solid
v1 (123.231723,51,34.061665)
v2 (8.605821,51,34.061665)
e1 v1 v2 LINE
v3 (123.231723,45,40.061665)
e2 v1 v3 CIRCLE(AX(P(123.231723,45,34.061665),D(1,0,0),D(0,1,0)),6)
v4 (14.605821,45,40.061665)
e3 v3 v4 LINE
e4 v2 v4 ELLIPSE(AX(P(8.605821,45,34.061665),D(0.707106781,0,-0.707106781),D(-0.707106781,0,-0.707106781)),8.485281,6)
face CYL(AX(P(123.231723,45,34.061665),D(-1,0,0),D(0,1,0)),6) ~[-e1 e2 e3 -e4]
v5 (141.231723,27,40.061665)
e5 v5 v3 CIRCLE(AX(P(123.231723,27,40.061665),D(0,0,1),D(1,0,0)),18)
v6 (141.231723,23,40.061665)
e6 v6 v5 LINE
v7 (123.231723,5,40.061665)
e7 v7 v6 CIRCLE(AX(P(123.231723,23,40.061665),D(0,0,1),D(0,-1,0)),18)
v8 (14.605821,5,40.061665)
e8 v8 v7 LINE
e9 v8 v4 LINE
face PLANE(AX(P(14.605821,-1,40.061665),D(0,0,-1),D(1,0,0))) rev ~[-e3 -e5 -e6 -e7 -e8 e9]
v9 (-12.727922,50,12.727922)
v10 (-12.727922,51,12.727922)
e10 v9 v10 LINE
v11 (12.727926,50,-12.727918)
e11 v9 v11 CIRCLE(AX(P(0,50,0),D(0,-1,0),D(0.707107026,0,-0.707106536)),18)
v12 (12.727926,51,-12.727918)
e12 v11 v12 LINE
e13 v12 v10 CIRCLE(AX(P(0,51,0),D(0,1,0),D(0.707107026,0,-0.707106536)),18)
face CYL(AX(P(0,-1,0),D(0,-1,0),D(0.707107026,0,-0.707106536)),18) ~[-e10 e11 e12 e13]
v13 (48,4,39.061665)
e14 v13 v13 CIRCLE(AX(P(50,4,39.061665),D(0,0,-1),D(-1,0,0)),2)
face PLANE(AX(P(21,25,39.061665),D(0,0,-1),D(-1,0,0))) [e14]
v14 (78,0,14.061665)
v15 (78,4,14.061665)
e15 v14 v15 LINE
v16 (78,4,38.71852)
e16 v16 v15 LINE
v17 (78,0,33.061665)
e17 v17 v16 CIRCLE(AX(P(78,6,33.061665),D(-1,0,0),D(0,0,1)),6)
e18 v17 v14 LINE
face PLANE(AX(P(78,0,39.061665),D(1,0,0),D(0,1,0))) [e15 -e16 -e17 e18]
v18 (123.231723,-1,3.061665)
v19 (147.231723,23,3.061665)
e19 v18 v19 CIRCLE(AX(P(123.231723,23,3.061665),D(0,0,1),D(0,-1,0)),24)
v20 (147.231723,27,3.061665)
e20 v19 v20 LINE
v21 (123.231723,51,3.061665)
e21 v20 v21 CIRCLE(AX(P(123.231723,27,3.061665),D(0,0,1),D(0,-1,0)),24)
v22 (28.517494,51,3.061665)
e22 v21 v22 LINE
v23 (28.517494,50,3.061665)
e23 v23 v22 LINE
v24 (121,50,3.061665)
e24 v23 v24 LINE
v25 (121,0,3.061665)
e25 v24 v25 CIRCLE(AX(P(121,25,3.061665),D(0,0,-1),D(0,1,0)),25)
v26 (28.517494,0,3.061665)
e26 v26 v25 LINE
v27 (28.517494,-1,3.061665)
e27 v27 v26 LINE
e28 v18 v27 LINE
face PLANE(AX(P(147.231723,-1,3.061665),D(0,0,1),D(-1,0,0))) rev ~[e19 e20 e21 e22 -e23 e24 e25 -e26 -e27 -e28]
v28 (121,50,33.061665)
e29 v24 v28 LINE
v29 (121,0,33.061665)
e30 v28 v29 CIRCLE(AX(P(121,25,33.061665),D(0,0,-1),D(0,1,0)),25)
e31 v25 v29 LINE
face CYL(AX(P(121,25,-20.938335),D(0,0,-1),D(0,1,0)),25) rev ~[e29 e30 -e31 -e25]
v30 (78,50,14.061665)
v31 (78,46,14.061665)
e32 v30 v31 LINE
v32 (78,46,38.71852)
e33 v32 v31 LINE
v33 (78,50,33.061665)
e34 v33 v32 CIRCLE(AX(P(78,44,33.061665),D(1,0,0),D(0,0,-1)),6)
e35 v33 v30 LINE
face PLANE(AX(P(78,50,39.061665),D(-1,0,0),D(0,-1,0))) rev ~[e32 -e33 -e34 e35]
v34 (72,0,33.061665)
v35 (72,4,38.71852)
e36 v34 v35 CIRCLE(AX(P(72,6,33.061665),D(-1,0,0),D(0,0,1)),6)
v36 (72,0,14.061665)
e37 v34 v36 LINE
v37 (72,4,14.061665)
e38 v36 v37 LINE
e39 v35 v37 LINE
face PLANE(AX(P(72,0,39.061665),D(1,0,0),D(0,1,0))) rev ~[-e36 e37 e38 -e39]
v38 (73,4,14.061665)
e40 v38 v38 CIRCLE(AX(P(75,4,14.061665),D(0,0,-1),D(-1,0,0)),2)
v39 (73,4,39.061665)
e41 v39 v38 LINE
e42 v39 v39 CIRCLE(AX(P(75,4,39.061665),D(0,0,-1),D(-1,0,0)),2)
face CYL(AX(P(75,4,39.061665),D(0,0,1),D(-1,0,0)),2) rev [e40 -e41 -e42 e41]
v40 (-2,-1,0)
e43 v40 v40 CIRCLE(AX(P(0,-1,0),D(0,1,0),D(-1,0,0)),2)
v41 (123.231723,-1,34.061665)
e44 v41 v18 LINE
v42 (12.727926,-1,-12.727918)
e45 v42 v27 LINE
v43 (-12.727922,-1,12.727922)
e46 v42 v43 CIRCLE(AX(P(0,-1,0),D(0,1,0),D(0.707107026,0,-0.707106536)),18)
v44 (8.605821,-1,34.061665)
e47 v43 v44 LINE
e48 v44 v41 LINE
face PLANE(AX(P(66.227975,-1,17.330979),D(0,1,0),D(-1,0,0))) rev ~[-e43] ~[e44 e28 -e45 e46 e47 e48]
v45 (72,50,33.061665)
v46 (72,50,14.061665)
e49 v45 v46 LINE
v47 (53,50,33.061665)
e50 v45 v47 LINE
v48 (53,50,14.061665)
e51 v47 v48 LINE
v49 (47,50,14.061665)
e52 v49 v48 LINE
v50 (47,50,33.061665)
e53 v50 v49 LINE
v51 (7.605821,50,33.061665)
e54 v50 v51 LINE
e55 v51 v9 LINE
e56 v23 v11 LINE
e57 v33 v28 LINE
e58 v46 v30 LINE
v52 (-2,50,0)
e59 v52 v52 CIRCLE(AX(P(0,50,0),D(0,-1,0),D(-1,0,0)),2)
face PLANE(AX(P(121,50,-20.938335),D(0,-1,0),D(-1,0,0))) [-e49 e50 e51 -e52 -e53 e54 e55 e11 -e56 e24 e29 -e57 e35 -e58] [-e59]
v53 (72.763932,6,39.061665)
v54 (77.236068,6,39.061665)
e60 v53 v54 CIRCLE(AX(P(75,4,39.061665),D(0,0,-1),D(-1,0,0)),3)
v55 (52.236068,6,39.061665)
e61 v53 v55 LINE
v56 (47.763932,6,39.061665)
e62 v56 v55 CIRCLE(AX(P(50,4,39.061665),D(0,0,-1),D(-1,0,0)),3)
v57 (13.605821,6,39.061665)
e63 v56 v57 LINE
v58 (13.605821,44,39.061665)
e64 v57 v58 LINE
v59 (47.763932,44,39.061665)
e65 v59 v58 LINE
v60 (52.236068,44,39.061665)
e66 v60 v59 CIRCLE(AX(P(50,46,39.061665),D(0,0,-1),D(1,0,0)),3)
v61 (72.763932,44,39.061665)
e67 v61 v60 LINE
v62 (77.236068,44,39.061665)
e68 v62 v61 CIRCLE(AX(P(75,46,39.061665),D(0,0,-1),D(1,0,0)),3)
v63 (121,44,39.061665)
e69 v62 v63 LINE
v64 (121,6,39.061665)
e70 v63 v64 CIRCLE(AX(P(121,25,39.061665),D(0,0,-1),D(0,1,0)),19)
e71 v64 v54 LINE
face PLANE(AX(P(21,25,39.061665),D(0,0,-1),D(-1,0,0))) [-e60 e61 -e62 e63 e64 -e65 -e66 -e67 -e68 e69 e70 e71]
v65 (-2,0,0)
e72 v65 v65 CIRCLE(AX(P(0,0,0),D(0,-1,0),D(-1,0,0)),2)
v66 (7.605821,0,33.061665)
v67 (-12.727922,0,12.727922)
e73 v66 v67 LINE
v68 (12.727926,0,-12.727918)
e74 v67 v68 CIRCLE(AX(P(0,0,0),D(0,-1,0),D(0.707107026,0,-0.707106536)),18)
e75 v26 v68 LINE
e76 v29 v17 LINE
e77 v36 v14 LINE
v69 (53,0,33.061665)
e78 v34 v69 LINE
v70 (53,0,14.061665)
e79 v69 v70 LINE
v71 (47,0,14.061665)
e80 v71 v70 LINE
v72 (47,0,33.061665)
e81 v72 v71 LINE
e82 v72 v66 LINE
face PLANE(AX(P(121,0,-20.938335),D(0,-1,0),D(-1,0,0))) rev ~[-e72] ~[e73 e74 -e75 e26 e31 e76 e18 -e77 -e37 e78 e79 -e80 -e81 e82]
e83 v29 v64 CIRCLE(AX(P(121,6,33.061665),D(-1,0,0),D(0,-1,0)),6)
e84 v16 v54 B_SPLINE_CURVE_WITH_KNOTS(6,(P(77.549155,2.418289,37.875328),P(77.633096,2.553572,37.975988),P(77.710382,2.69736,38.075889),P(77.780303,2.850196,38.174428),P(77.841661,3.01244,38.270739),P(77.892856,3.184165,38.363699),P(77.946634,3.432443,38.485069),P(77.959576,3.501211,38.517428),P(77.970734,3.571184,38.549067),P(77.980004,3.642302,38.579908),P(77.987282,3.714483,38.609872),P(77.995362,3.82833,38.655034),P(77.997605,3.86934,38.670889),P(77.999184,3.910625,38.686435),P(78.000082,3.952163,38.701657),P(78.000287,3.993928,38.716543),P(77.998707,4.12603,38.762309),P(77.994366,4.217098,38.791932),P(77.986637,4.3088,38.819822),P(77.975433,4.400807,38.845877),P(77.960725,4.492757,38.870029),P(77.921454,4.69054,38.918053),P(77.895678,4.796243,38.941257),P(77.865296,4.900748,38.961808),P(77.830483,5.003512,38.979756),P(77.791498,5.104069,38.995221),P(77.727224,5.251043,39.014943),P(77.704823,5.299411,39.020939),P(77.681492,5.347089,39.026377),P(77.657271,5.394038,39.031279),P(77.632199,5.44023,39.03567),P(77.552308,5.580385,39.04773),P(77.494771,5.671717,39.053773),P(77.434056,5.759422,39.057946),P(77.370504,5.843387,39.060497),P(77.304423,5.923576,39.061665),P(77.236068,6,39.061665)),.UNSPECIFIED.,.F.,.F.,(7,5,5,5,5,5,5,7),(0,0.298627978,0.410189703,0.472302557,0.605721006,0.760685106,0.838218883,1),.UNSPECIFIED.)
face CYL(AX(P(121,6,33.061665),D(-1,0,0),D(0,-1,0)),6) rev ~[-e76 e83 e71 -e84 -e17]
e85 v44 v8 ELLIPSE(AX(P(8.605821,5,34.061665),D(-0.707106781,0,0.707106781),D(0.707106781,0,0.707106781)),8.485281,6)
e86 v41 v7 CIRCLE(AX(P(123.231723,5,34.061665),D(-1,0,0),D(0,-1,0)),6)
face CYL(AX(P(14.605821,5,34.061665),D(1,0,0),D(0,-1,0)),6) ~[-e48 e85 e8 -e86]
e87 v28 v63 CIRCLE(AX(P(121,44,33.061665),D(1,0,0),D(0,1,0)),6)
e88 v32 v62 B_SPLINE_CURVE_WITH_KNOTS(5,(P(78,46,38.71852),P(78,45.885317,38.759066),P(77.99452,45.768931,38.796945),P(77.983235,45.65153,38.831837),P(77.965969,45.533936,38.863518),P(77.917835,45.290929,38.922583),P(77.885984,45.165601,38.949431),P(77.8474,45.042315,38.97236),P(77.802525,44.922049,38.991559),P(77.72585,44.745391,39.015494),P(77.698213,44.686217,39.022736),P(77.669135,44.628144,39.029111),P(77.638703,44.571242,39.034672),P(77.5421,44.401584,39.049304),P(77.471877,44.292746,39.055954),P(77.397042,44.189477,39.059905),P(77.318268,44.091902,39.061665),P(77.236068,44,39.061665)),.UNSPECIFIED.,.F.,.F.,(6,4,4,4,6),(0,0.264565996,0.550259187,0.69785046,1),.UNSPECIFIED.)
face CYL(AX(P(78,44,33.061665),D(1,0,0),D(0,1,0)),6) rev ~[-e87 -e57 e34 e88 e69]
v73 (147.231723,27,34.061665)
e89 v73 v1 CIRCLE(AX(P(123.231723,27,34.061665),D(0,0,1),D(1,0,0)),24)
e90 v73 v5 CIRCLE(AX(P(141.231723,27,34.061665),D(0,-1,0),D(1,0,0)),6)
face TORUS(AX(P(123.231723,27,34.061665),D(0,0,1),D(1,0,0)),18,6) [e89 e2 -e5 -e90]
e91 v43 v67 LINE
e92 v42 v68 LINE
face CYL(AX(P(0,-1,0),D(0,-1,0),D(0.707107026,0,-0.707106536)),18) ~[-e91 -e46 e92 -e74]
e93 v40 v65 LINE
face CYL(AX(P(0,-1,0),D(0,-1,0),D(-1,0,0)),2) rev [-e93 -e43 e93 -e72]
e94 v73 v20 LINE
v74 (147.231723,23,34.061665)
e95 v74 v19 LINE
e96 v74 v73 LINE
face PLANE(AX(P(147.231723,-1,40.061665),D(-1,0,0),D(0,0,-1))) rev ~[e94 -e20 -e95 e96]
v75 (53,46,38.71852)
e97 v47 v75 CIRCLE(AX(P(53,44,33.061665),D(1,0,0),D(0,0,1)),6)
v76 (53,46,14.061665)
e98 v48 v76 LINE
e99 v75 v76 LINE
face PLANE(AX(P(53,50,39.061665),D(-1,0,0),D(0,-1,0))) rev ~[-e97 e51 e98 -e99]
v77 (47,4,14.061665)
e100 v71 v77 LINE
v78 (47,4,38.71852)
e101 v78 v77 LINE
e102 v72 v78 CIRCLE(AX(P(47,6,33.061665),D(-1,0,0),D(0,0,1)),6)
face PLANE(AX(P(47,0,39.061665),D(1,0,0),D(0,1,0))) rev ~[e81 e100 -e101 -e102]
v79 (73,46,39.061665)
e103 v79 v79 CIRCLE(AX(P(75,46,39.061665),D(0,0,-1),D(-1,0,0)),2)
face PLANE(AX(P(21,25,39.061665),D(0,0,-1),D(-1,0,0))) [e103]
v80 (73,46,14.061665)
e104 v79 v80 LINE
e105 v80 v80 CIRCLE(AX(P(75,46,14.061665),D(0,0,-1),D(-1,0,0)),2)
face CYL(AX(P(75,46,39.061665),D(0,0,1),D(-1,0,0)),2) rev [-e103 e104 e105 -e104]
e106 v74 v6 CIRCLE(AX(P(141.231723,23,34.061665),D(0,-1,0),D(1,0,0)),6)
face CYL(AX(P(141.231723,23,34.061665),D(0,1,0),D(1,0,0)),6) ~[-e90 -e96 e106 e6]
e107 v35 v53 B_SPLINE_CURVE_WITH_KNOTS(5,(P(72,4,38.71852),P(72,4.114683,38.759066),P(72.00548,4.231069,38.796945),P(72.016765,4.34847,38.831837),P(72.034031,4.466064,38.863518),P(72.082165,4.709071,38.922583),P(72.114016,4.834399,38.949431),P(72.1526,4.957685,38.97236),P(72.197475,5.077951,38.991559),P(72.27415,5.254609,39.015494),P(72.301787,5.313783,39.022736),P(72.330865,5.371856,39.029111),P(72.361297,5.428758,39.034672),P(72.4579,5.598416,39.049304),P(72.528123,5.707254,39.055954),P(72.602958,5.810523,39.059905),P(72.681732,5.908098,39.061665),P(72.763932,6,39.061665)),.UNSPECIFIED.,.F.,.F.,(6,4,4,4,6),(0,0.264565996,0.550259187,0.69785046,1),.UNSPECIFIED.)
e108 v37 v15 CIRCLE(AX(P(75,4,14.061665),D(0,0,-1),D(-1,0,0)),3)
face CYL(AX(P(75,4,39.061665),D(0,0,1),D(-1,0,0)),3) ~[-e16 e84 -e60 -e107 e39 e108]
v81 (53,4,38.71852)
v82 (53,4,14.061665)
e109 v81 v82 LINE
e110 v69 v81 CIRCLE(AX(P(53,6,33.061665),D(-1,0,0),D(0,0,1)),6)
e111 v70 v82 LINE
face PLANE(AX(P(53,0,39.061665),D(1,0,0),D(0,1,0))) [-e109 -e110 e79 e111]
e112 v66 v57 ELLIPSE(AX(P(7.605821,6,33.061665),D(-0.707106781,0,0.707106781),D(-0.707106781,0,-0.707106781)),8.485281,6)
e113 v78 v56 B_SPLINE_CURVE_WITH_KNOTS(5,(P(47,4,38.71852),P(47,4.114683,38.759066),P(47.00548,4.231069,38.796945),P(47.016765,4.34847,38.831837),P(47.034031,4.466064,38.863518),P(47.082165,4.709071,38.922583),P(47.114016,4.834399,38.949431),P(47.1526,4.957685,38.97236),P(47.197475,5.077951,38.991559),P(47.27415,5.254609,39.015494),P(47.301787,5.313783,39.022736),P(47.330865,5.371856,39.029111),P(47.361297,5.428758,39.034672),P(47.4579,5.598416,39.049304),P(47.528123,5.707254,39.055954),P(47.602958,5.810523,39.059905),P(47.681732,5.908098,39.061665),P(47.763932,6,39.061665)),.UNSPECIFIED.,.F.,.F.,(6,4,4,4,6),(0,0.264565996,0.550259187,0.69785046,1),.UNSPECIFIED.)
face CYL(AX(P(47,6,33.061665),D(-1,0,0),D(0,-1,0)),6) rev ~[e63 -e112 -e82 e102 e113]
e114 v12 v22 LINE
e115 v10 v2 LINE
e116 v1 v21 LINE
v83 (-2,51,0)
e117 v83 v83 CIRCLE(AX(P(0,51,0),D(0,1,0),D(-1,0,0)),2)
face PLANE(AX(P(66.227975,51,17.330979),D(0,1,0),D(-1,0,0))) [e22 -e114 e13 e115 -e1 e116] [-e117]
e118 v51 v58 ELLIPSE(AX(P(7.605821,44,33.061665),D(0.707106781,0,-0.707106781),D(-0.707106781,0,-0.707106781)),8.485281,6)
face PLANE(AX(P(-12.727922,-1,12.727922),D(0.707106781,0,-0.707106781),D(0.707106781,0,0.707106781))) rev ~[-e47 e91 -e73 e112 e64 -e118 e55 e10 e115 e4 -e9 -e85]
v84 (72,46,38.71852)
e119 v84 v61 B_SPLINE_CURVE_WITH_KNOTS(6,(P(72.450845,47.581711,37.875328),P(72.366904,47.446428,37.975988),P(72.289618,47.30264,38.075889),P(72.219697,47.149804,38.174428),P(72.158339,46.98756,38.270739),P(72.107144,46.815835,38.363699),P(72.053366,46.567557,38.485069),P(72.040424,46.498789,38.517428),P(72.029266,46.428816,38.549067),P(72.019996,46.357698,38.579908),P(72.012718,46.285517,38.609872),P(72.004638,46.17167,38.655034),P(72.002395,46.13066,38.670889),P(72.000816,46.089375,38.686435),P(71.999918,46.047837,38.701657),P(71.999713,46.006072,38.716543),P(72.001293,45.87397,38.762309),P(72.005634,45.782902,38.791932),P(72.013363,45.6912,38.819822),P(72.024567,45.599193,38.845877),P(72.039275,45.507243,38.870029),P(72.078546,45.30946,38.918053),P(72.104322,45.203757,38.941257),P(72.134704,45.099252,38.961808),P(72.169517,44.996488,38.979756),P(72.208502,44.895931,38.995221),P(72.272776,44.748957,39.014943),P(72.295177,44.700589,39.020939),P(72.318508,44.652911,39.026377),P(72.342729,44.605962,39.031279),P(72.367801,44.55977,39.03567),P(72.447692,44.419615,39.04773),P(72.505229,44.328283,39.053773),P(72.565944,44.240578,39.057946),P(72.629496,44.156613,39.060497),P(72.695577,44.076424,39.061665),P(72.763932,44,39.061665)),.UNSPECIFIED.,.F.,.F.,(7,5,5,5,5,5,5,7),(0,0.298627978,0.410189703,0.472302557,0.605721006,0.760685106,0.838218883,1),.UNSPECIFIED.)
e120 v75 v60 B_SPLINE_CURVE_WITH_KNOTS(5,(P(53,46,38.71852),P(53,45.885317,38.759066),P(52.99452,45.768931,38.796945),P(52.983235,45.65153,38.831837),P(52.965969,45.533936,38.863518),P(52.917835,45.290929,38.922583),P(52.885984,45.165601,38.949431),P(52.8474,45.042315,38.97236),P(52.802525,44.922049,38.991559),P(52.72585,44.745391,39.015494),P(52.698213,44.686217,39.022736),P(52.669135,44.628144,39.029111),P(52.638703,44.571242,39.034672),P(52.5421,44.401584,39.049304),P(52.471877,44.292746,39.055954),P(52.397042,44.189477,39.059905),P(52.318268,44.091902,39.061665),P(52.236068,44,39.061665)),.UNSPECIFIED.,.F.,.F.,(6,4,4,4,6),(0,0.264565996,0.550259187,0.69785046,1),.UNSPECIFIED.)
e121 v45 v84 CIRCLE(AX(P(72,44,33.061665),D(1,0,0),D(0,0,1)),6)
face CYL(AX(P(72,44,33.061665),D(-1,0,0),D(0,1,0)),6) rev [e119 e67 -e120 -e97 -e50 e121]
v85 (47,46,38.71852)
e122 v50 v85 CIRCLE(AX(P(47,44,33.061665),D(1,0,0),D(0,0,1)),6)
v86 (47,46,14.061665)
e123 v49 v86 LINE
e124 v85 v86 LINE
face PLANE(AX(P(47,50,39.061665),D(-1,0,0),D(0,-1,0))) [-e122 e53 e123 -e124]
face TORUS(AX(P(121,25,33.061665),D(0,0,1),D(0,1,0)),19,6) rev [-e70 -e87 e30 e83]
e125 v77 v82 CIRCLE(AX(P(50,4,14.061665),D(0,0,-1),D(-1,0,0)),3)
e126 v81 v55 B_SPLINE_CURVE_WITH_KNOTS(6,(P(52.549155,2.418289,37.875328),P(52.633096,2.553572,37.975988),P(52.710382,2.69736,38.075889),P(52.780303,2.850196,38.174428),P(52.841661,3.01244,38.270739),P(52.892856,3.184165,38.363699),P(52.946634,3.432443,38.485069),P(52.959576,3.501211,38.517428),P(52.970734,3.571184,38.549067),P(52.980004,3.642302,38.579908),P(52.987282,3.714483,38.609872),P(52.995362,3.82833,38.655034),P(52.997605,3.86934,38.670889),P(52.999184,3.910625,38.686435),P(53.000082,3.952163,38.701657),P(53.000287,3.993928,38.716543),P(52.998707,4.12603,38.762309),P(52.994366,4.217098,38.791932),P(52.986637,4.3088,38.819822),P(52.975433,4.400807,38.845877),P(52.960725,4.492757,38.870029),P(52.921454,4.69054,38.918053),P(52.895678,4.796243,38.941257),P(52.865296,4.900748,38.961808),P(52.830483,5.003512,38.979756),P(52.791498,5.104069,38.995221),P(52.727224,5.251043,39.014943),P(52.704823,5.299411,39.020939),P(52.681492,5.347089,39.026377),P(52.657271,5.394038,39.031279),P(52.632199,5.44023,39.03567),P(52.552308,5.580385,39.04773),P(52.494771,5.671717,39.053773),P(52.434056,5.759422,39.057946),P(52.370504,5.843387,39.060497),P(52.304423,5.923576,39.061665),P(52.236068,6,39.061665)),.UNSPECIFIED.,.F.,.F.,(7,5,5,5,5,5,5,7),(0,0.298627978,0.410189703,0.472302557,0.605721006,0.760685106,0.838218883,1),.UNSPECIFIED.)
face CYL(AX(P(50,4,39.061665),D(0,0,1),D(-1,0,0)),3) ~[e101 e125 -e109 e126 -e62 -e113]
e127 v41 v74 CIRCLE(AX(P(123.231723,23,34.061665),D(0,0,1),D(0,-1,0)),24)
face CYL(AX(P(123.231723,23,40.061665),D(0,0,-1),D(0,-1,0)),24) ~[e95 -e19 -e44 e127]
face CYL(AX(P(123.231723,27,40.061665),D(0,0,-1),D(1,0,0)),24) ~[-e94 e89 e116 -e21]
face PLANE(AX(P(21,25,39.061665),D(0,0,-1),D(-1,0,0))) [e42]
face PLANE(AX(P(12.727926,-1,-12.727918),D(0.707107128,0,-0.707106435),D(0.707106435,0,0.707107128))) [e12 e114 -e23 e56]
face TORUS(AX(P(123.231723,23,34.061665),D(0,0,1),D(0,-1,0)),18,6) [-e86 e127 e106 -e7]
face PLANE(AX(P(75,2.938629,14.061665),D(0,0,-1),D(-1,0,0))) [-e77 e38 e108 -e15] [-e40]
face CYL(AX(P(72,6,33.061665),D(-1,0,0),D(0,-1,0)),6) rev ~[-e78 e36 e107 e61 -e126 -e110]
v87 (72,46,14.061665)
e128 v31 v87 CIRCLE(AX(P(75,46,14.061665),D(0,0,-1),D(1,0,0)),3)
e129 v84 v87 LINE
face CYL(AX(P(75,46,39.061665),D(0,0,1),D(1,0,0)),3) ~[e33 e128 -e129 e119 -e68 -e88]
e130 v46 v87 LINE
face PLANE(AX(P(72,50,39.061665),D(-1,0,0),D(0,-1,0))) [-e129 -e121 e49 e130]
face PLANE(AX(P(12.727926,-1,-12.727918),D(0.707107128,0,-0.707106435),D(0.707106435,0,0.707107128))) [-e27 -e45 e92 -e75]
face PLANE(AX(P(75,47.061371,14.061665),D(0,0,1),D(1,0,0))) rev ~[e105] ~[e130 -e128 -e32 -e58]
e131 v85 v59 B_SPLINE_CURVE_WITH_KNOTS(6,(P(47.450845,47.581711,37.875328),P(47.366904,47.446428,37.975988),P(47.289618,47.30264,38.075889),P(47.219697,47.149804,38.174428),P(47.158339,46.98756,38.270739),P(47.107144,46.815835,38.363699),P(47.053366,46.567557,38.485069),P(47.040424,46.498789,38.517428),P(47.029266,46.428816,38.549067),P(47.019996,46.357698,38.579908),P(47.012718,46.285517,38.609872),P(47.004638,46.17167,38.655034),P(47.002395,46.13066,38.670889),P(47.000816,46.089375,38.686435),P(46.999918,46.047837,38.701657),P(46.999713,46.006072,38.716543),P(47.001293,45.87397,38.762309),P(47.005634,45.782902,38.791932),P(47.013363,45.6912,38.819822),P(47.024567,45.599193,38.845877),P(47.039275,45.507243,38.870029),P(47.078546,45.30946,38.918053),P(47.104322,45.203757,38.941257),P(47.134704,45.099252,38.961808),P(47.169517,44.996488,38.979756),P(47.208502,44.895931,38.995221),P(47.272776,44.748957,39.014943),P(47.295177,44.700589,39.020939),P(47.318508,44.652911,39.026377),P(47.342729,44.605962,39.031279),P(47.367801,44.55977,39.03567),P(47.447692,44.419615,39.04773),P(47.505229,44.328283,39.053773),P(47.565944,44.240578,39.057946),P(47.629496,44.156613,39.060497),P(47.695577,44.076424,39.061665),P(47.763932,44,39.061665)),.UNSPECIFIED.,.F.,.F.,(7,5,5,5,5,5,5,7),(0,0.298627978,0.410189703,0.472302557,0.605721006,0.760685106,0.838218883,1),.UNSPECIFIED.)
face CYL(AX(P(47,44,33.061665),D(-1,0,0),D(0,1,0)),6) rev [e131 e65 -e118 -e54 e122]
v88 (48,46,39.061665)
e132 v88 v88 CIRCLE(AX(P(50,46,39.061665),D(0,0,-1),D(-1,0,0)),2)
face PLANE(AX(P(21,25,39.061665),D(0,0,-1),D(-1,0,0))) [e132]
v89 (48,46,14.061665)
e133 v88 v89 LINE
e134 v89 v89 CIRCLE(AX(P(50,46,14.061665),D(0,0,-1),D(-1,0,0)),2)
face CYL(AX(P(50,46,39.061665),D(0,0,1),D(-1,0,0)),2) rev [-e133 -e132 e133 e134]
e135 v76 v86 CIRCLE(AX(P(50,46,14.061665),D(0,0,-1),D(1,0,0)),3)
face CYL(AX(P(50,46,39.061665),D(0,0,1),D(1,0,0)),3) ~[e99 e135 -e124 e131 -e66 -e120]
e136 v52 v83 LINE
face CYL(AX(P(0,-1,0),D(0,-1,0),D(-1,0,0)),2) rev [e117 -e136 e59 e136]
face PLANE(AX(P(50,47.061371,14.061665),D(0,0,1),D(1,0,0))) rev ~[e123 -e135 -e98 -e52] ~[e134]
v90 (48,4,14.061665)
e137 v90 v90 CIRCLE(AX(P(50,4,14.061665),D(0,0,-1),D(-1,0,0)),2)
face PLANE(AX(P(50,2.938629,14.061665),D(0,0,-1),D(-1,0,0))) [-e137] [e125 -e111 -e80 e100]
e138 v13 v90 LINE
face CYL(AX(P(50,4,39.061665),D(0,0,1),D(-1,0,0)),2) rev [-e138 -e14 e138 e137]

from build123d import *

# Parameters (mm, degrees)
SKETCH025_R             = 2
PAD015_DEPTH            = 52
POCKET009_DEPTH         = 60
SKETCH045_R             = 2
PAD026_DEPTH            = 25
LINEARPATTERN_COUNT     = 2
LINEARPATTERN_PITCH     = 25
FILLET005_R             = 24
FILLET006_R             = 6
BODY003_PLACEMENT_ANGLE = 180


with BuildPart() as part:
    # Sketch025 → Pad015 (new body)
    with BuildSketch(Plane.XZ):
        with BuildLine():
            ThreePointArc((-12.7279264704, -12.7279176523), (12.7279198568, -12.7279242659), (12.7279220614, 12.7279220614))
            Line((12.7279220614, 12.7279220614), (-14.605821279, 40.061665402))
            Line((-14.605821279, 40.061665402), (-147.231723, 40.061665402))
            Line((-147.231723, 40.061665402), (-147.231723, 3.061665402))
            Line((-147.231723, 3.061665402), (-28.5174940448, 3.061665402))
            Line((-12.7279264704, -12.7279176523), (-28.5174940448, 3.061665402))
        make_face()
        Circle(SKETCH025_R, mode=Mode.SUBTRACT)
    extrude(amount=PAD015_DEPTH)

    # Sketch026 (on Face5 of Pad015) → Pocket009 (cut)
    with BuildSketch(Plane(origin=(0, 0, -20.938334598), x_dir=(1, 0, 0), z_dir=(0, 0, -1))):
        with BuildLine():
            ThreePointArc((-121, 51), (-146, 26), (-121, 1))
            Line((-121, 1), (79, 1))
            ThreePointArc((79, 1), (104, 26), (79, 51))
            Line((-121, 51), (79, 51))
        make_face()
    extrude(amount=-POCKET009_DEPTH, mode=Mode.SUBTRACT)

    # Sketch045 (on Face13 of Pocket009) → Pad026 (join)
    with BuildSketch(Plane(origin=(0, 0, 39.061665402), x_dir=(1, 0, 0), z_dir=(0, 0, -1))):
        with BuildLine():
            Line((-47, 1), (-47, 5))
            ThreePointArc((-47, 5), (-50, 8), (-53, 5))
            Line((-53, 1), (-53, 5))
            Line((-47, 1), (-53, 1))
        make_face()
        with Locations((-50, 5)):
            Circle(SKETCH045_R, mode=Mode.SUBTRACT)
        with BuildLine():
            Line((-47, 51), (-47, 47))
            ThreePointArc((-53, 47), (-50, 44), (-47, 47))
            Line((-53, 51), (-53, 47))
            Line((-47, 51), (-53, 51))
        make_face()
        with Locations((-50, 47)):
            Circle(SKETCH045_R, mode=Mode.SUBTRACT)
    pad026 = extrude(amount=PAD026_DEPTH)

    # LinearPattern: Pad026 ×2
    with Locations(*[(-i * LINEARPATTERN_PITCH, 0, 0) for i in range(1, LINEARPATTERN_COUNT)]):
        add(pad026)

    # Fillet005
    fillet005_edges = [part.edges().sort_by_distance(p)[0] for p in [
        (-147.231723, 0, 21.561665),
        (-147.231723, -52, 21.561665),
    ]]
    fillet(fillet005_edges, radius=FILLET005_R)

    # Fillet006
    fillet006_edges = [part.edges().sort_by_distance(p)[0] for p in [
        (-68.918772, 0, 40.061665),
        (-140.202286, -7.029437, 40.061665),
        (-147.231723, -26, 40.061665),
        (-140.202286, -44.970563, 40.061665),
        (-68.918772, -52, 40.061665),
        (-146, -26, 39.061665),
        (-99.5, -51, 39.061665),
        (-62.5, -51, 39.061665),
        (-30.302911, -51, 39.061665),
        (-30.302911, -1, 39.061665),
        (-62.5, -1, 39.061665),
        (-99.5, -1, 39.061665),
    ]]
    fillet(fillet006_edges, radius=FILLET006_R)


with BuildPart() as part_1:
    # Body003 placement: moved
    add(part.part.moved(Location((0, -1, 0))).rotate(Axis((0, -1, 0), (0, 0, 1)), BODY003_PLACEMENT_ANGLE))


solid = part_1.part
